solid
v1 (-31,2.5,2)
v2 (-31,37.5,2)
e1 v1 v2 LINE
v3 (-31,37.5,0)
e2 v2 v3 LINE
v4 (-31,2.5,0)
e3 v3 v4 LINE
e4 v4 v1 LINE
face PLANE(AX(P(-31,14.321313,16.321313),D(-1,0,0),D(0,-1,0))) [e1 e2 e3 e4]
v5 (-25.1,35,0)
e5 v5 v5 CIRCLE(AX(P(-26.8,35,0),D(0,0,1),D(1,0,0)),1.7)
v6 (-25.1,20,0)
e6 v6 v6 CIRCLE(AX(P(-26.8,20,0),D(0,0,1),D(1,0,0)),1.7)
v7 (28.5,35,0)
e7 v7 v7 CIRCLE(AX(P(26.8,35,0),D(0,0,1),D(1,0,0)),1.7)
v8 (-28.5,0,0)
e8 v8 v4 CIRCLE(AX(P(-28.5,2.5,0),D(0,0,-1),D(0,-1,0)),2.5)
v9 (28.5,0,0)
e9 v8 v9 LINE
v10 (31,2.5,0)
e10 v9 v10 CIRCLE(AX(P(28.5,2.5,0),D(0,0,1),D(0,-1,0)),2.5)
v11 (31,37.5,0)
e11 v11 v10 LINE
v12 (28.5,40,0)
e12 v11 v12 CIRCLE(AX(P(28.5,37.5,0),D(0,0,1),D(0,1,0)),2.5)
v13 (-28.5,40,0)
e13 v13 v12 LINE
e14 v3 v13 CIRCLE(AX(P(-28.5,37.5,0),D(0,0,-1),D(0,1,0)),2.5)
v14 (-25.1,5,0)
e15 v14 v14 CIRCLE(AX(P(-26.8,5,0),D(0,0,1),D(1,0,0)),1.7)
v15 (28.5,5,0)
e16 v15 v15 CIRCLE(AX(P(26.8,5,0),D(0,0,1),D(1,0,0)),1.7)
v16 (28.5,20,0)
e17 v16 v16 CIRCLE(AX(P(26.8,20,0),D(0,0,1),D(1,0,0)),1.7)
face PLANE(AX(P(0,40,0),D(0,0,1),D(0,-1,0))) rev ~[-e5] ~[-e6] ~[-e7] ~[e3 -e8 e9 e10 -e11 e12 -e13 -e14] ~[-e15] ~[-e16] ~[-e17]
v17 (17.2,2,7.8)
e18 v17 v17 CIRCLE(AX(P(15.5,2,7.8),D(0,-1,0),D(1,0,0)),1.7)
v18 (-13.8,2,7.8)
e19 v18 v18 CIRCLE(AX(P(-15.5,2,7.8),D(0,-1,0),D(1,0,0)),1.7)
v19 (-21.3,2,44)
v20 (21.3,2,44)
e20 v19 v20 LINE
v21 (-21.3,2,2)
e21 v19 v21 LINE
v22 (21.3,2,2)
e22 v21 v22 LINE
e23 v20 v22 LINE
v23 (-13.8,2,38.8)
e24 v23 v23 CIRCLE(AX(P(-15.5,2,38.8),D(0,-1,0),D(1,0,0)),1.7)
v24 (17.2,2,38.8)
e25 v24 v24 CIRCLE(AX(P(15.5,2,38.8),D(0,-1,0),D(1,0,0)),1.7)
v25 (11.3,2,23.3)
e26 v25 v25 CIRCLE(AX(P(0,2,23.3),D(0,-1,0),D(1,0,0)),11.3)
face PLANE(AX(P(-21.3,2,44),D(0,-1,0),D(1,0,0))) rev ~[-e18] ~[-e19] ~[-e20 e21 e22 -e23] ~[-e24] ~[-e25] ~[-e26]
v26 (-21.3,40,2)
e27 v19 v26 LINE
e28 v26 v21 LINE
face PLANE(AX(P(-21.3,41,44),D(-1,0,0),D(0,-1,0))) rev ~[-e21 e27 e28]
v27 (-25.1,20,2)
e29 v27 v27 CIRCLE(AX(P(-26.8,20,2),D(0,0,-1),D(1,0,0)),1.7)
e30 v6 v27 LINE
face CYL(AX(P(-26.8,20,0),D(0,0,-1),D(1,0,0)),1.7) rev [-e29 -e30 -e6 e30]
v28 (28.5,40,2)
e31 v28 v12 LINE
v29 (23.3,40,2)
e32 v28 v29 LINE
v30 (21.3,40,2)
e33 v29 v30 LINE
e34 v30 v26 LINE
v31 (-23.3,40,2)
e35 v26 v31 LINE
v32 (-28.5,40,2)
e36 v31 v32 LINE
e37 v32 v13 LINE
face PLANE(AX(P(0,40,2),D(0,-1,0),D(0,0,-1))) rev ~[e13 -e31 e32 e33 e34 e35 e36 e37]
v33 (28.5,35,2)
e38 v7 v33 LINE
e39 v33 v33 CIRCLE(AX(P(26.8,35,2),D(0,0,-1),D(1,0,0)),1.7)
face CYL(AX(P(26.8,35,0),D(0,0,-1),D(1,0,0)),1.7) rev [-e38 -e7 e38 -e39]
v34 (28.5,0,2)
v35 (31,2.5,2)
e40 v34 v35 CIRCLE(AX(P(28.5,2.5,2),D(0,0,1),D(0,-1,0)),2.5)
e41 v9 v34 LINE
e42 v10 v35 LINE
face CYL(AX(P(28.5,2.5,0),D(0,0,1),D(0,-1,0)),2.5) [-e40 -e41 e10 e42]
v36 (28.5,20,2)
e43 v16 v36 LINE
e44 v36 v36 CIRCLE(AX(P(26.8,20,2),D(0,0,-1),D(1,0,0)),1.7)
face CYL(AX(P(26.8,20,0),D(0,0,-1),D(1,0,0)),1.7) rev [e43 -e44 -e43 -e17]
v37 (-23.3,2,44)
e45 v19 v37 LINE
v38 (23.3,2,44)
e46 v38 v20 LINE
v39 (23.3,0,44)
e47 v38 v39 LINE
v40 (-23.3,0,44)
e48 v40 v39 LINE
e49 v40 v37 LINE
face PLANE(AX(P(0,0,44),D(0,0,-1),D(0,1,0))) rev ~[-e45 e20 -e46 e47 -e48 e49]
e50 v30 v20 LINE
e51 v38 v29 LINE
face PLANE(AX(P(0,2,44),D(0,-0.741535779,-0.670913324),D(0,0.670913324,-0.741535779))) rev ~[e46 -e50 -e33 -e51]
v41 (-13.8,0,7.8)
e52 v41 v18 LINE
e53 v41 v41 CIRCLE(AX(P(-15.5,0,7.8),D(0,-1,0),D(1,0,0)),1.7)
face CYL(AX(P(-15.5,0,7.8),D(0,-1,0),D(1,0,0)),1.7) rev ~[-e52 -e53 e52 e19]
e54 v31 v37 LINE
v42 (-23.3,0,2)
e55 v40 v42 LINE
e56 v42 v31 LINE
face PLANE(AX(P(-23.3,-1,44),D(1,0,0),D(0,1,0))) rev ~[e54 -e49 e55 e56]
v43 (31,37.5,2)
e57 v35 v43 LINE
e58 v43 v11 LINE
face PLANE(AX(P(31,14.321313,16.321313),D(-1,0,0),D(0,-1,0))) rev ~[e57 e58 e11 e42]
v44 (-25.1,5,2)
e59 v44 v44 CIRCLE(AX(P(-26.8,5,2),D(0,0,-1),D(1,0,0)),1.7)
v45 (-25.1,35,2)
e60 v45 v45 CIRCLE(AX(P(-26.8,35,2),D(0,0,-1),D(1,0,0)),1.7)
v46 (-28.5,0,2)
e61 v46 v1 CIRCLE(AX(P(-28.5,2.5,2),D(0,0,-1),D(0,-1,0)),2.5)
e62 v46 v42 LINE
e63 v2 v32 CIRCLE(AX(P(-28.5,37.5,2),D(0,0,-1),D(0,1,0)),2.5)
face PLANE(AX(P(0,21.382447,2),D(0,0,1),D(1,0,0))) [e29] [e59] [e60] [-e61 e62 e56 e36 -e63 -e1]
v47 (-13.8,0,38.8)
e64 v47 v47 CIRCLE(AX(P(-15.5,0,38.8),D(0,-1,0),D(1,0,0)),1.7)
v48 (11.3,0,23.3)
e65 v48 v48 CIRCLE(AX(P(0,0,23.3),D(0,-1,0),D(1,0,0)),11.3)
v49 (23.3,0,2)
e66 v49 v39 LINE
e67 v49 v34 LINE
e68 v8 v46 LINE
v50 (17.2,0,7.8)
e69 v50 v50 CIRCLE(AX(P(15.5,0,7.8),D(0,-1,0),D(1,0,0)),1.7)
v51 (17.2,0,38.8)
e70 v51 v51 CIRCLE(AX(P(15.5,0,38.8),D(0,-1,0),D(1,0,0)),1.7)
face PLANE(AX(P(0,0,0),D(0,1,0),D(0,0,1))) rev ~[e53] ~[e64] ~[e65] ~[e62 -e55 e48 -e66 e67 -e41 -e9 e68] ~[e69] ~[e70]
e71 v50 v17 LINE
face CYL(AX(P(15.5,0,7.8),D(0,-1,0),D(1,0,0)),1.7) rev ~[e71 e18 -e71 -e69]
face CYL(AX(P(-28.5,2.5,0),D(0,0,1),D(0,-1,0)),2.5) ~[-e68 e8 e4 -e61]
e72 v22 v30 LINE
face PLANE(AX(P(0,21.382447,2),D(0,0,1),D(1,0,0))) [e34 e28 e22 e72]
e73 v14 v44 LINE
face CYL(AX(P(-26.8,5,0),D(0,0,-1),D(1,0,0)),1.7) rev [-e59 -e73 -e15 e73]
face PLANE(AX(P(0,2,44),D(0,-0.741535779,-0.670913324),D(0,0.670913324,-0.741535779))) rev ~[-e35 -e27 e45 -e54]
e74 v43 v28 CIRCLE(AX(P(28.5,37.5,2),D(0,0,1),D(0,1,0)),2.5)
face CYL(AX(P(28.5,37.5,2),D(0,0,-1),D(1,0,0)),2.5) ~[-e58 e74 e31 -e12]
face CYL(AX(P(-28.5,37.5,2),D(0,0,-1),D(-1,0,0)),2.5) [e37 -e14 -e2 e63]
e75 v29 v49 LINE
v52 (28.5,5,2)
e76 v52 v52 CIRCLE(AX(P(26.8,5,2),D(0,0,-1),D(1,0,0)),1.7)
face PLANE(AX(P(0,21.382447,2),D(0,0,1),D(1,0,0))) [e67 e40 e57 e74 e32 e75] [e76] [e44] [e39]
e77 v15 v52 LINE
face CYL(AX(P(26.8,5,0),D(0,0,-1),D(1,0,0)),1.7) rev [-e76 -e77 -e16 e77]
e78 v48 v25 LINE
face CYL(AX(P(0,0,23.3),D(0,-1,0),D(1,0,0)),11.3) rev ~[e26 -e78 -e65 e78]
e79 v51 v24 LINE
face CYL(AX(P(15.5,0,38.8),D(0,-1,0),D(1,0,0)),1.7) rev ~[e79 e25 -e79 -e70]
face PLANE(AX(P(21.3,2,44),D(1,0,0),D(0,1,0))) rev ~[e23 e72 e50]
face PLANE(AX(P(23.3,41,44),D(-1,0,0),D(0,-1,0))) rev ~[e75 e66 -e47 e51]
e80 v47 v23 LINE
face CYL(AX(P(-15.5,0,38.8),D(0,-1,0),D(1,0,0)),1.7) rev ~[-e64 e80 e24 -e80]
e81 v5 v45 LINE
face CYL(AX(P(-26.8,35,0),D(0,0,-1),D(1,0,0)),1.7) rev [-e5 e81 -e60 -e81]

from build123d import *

# Parameters (mm, degrees)
PAD_DEPTH       = 31
POCKET_DEPTH    = 42
SKETCH002_R     = 1.7
POCKET001_DEPTH = 44.001
SKETCH003_R     = 1.7
SKETCH003_R_2   = 11.3
POCKET002_DEPTH = 40.001
FILLET_R        = 2.5


with BuildPart() as part:
    # Sketch → Pad (new body, symmetric)
    with BuildSketch(Plane.YZ):
        Polygon((0, 44), (2, 44), (40, 2), (40, 0), (0, 0), align=None)
    extrude(amount=PAD_DEPTH, both=True)

    # Sketch001 → Pocket (cut)
    with BuildSketch(Plane.XY.offset(44)):
        Polygon((-32, 42), (-32, -1), (-23.3, -1), (-23.3, 41), (-21.3, 41), (-21.3, 2), (21.3, 2), (21.3, 41), (23.3, 41), (23.3, -1), (32, -1), (32, 42), align=None)
    extrude(amount=-POCKET_DEPTH, mode=Mode.SUBTRACT)

    # Sketch002 → Pocket001 (cut, through all)
    with BuildSketch(Plane.XY):
        with Locations((-26.8, 35)):
            Circle(SKETCH002_R)
        with Locations((-26.8, 20)):
            Circle(SKETCH002_R)
        with Locations((-26.8, 5)):
            Circle(SKETCH002_R)
        with Locations((26.8, 35)):
            Circle(SKETCH002_R)
        with Locations((26.8, 20)):
            Circle(SKETCH002_R)
        with Locations((26.8, 5)):
            Circle(SKETCH002_R)
    extrude(amount=POCKET001_DEPTH, mode=Mode.SUBTRACT)

    # Sketch003 → Pocket002 (cut, through all)
    with BuildSketch(Plane.XZ):
        with Locations((-15.5, 38.8)):
            Circle(SKETCH003_R)
        with Locations((15.5, 38.8)):
            Circle(SKETCH003_R)
        with Locations((15.5, 7.8)):
            Circle(SKETCH003_R)
        with Locations((-15.5, 7.8)):
            Circle(SKETCH003_R)
        with Locations((0, 23.3)):
            Circle(SKETCH003_R_2)
    extrude(amount=-POCKET002_DEPTH, mode=Mode.SUBTRACT)

    # Fillet
    fillet_edges = [part.edges().sort_by_distance(p)[0] for p in [
        (31, 40, 1),
        (31, 0, 1),
        (-31, 40, 1),
        (-31, 0, 1),
    ]]
    fillet(fillet_edges, radius=FILLET_R)


solid = part.part
